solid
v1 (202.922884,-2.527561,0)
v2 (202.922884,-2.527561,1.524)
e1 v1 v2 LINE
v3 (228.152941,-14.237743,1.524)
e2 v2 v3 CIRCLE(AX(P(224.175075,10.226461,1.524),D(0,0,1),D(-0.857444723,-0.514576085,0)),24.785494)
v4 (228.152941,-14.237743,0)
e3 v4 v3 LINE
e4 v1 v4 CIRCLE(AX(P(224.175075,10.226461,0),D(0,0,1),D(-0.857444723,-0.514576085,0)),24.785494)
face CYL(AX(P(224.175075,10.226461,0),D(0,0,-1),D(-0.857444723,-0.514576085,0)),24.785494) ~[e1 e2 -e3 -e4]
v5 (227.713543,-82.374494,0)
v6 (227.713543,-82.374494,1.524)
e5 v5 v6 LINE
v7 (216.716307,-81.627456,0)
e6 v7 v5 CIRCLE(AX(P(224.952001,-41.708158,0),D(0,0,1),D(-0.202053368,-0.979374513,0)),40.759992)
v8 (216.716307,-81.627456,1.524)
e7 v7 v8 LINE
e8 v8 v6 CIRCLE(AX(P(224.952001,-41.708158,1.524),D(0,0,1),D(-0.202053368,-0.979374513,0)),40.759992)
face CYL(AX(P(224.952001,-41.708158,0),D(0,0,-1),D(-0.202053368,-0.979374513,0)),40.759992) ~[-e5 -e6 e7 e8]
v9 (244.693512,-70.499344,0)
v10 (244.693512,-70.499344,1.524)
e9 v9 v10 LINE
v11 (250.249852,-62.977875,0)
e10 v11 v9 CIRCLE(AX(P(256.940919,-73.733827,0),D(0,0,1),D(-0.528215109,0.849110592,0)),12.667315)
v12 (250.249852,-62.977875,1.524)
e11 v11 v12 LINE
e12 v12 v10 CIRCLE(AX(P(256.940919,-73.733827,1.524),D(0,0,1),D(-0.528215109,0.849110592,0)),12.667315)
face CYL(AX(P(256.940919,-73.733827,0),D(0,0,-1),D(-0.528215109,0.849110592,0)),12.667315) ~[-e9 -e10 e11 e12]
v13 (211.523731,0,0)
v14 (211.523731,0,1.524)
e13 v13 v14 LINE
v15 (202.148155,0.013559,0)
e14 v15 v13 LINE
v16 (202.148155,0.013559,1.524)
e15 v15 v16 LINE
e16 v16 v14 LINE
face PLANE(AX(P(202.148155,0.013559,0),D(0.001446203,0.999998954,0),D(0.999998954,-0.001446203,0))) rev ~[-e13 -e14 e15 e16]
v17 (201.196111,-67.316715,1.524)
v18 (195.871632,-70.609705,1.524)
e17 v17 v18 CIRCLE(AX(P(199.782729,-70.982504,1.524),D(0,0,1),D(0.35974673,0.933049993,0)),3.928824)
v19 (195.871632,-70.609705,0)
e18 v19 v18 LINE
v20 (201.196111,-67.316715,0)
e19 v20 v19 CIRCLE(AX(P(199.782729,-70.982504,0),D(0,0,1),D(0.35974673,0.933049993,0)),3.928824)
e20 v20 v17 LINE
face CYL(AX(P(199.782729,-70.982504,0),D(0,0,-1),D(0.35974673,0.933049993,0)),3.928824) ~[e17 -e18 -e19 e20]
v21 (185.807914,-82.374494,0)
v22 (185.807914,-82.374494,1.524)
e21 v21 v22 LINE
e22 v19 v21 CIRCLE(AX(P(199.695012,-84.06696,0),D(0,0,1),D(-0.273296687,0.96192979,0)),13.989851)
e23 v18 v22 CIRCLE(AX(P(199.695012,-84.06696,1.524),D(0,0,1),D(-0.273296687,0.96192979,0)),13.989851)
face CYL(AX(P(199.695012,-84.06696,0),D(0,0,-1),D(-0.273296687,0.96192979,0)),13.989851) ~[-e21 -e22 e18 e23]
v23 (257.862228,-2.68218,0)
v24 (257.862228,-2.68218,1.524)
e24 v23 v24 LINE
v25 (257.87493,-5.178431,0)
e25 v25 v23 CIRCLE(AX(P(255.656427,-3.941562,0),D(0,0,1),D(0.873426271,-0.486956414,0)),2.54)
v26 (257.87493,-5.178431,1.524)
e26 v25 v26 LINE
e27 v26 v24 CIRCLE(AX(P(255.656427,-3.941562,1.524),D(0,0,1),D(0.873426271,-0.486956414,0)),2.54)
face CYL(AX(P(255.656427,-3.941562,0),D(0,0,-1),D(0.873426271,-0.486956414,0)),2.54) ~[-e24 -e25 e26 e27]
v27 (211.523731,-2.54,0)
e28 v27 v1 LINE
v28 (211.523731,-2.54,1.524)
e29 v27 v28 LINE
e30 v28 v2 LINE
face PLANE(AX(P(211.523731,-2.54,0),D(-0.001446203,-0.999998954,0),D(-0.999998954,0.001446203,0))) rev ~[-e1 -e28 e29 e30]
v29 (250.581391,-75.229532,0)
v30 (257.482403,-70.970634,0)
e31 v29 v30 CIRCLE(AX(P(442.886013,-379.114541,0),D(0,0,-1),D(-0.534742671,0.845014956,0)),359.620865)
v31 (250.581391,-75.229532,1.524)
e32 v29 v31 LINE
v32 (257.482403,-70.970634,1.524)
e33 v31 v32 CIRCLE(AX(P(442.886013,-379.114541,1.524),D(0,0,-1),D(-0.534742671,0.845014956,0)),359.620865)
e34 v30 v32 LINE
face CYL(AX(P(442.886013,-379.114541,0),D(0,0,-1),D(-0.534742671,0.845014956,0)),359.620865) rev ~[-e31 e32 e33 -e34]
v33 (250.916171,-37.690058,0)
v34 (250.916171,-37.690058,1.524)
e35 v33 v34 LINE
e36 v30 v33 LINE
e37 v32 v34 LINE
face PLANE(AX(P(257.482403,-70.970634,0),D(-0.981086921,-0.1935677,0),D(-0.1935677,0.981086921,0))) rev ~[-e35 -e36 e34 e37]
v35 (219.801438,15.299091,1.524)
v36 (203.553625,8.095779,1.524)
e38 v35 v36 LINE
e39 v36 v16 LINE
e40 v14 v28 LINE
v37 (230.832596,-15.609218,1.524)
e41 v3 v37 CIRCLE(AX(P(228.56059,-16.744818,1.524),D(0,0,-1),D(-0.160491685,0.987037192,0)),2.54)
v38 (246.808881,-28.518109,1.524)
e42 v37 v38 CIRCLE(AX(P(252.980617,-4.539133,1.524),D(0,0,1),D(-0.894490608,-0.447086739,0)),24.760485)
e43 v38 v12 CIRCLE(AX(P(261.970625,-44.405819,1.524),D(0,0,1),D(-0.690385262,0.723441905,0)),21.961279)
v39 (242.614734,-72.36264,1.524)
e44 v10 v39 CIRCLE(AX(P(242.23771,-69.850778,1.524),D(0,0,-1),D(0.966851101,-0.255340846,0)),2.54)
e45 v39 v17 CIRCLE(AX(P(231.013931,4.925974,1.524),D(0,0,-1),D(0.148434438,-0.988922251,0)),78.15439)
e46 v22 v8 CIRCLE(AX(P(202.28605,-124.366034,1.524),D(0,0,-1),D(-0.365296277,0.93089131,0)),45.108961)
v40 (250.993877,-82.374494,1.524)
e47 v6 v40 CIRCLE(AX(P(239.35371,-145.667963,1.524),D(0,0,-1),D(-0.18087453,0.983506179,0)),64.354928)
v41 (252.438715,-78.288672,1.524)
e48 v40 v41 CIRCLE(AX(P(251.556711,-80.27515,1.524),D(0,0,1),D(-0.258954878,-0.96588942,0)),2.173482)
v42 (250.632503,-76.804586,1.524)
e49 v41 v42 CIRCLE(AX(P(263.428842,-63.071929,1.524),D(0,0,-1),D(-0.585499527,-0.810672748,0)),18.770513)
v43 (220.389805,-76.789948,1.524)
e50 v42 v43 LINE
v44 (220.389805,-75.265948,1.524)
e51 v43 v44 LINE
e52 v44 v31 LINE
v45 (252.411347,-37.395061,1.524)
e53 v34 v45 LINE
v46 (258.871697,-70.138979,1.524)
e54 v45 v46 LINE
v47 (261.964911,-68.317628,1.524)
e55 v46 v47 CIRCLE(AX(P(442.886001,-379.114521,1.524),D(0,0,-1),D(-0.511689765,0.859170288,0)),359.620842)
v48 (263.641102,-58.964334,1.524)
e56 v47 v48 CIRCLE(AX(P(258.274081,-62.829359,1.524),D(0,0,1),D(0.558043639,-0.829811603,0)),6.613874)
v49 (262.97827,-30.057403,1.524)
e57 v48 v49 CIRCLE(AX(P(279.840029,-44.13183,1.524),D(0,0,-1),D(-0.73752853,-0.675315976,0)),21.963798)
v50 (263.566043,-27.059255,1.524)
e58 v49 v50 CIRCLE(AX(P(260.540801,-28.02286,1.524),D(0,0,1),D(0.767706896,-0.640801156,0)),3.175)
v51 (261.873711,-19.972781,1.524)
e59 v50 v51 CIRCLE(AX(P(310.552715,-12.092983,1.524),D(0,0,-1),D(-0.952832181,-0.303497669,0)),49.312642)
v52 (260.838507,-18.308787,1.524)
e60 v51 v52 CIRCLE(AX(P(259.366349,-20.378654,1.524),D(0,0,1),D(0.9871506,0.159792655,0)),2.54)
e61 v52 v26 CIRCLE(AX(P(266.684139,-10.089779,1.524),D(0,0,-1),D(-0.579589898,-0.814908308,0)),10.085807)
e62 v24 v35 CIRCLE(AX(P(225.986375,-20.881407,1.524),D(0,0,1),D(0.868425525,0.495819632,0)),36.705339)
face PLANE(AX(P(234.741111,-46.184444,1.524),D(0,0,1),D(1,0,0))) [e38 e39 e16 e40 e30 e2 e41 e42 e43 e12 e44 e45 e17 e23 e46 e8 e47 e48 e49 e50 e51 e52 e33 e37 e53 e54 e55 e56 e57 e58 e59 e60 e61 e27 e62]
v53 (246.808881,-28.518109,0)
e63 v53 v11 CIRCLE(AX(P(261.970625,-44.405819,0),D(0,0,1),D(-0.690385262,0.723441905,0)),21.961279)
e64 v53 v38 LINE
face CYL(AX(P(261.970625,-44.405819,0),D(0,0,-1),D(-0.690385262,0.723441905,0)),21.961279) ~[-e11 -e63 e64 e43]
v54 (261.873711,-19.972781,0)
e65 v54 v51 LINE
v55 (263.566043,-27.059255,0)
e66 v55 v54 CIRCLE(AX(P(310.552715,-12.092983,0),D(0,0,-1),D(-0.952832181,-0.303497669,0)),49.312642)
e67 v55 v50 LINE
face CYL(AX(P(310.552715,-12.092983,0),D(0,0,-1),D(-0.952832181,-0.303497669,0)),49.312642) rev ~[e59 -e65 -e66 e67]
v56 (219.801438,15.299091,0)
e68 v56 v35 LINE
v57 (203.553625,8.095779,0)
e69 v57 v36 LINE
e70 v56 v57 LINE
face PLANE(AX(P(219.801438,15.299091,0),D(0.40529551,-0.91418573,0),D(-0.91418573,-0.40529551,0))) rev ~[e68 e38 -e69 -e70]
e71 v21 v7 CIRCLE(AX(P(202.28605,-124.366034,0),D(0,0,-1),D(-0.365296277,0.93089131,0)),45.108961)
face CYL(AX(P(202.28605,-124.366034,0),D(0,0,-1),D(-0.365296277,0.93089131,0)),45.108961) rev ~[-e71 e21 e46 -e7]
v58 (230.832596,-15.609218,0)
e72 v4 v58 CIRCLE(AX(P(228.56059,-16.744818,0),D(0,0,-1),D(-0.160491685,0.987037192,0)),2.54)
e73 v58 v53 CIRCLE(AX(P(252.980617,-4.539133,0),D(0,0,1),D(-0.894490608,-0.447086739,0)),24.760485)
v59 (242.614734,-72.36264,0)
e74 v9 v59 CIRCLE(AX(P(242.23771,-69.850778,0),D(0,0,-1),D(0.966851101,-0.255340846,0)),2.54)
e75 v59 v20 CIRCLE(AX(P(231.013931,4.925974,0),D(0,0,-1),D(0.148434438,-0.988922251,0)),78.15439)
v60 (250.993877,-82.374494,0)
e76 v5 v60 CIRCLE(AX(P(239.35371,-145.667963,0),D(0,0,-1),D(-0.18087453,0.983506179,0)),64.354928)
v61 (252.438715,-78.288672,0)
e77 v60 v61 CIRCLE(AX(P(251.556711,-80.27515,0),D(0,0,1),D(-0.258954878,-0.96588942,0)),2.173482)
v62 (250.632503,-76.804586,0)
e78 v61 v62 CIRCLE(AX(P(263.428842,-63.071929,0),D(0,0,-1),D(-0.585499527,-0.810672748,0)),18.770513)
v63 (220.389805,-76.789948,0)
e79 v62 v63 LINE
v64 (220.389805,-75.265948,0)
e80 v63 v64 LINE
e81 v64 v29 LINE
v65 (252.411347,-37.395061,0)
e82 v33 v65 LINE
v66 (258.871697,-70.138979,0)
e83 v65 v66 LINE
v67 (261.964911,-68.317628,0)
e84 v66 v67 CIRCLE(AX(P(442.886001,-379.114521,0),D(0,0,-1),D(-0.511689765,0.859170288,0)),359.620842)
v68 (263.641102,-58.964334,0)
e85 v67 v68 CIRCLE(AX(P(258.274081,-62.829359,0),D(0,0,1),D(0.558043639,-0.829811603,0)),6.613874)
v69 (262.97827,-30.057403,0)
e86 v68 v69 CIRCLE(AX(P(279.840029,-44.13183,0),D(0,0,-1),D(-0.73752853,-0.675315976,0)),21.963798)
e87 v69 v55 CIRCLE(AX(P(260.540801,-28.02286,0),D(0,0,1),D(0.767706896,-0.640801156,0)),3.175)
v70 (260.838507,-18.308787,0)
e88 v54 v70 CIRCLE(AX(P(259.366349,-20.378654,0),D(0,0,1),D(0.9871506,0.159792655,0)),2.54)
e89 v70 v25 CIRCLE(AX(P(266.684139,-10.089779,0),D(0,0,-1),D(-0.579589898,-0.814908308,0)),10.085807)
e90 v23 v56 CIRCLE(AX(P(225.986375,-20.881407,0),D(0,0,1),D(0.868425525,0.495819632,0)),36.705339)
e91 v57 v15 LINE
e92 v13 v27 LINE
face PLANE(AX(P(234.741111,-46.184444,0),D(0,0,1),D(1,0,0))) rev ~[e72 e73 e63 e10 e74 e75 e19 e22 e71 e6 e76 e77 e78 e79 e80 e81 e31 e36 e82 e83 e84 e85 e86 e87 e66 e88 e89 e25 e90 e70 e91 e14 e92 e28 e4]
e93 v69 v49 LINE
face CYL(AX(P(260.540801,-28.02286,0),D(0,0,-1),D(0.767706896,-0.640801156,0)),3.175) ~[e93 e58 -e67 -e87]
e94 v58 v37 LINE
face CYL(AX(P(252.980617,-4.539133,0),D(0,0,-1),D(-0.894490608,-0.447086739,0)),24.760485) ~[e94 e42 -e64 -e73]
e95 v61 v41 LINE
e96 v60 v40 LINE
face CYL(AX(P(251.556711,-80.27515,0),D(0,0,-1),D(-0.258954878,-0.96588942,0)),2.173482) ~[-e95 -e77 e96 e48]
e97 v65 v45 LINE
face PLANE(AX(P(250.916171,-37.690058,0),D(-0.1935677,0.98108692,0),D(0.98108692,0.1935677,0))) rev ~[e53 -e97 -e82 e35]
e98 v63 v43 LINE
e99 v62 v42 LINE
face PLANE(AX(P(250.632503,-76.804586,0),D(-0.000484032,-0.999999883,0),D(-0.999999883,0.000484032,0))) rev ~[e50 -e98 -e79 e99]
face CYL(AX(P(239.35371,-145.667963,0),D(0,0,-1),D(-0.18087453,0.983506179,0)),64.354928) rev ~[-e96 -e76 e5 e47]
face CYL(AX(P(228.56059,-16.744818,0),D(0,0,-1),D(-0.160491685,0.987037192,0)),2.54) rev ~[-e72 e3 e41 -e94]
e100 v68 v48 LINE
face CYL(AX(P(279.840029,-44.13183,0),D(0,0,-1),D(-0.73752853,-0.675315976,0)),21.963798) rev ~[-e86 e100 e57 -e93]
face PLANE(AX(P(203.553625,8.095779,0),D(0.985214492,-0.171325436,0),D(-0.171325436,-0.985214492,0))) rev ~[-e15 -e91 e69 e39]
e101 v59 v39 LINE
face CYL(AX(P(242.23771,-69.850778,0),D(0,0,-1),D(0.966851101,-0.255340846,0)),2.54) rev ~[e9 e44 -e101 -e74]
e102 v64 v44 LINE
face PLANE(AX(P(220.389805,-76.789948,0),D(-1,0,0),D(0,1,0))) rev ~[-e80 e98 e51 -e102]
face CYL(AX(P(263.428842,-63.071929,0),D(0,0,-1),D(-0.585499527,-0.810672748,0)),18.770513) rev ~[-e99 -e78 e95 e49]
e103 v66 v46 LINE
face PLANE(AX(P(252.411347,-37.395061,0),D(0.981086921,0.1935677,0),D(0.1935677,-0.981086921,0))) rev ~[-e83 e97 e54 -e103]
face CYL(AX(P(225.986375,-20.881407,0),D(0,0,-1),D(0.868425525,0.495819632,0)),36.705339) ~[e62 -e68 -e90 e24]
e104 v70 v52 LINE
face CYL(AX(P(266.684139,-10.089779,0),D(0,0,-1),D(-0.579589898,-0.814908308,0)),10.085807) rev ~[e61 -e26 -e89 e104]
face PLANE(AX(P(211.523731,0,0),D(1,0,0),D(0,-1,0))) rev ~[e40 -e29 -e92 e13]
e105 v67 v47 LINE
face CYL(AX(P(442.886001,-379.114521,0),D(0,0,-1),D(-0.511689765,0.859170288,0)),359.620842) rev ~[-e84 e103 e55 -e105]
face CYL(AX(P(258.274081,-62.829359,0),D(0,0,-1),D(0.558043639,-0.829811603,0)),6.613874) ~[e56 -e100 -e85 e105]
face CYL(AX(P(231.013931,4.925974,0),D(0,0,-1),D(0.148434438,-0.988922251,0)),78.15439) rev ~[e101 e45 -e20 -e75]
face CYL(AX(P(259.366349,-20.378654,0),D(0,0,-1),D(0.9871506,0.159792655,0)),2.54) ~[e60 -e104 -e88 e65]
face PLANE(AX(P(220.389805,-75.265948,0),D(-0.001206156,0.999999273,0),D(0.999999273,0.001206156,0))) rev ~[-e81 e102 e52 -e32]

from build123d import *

# Parameters (mm, degrees)
BOSS_EXTRUDE1_DEPTH = 1.524


with BuildPart() as part:
    # Sketch1 → Boss-Extrude1 (new body)
    with BuildSketch(Plane.XY):
        with BuildLine():
            Line((211.523731391, 0), (211.523731391, -2.54))
            Line((211.523731391, -2.54), (202.922883793, -2.527561419))
            ThreePointArc((202.922883793, -2.527561419), (213.740389033, -12.255488314), (228.152940708, -14.237743463))
            ThreePointArc((228.152940708, -14.237743463), (229.717824369, -14.48375454), (230.832595731, -15.609217614))
            ThreePointArc((230.832595731, -15.609217614), (237.419060845, -23.79840587), (246.808881255, -28.518109213))
            ThreePointArc((246.808881255, -28.518109213), (240.118021125, -46.587905071), (250.249852394, -62.977875381))
            ThreePointArc((250.249852394, -62.977875381), (246.752221114, -66.207121421), (244.693512184, -70.499343702))
            ThreePointArc((244.693512184, -70.499343702), (243.933055031, -71.742181277), (242.614733859, -72.362640469))
            ThreePointArc((242.614733859, -72.362640469), (221.562461662, -72.654811524), (201.196110579, -67.316715223))
            ThreePointArc((201.196110579, -67.316715223), (197.716188185, -67.641087637), (195.87163248, -70.609705427))
            ThreePointArc((195.87163248, -70.609705427), (189.064028536, -74.973109583), (185.80791446, -82.374493805))
            ThreePointArc((185.80791446, -82.374493805), (201.196110579, -79.270242267), (216.71630717, -81.627455706))
            ThreePointArc((216.71630717, -81.627455706), (222.189556026, -82.374432464), (227.713542567, -82.374493805))
            ThreePointArc((227.713542567, -82.374493805), (239.353709896, -81.313035156), (250.993877225, -82.374493805))
            ThreePointArc((250.993877225, -82.374493805), (253.605845534, -80.999769877), (252.438715023, -78.288672185))
            ThreePointArc((252.438715023, -78.288672185), (251.512482649, -77.574775104), (250.632502883, -76.804586124))
            Line((250.632502883, -76.804586124), (220.3898048, -76.789947691))
            Line((220.3898048, -76.789947691), (220.3898048, -75.265947691))
            Line((220.3898048, -75.265947691), (250.581391322, -75.229531899))
            ThreePointArc((250.581391322, -75.229531899), (254.019892125, -73.080630034), (257.482403047, -70.97063356))
            Line((257.482403047, -70.97063356), (250.916170957, -37.690058187))
            Line((250.916170957, -37.690058187), (252.411347424, -37.395061012))
            Line((252.411347424, -37.395061012), (258.871697415, -70.138978964))
            ThreePointArc((258.871697415, -70.138978964), (260.416031898, -69.224443913), (261.964911432, -68.317627754))
            ThreePointArc((261.964911432, -68.317627754), (264.784241837, -63.996035266), (263.641101809, -58.964334117))
            ThreePointArc((263.641101809, -58.964334117), (257.882003246, -44.635324676), (262.978270283, -30.057403353))
            ThreePointArc((262.978270283, -30.057403353), (263.656491571, -28.633675993), (263.566043061, -27.059254582))
            ThreePointArc((263.566043061, -27.059254582), (262.588823269, -23.547314792), (261.873711132, -19.972780664))
            ThreePointArc((261.873711132, -19.972780664), (261.52305104, -19.036925788), (260.838506947, -18.308786906))
            ThreePointArc((260.838506947, -18.308786906), (256.845813142, -12.310330809), (257.874930037, -5.178430798))
            ThreePointArc((257.874930037, -5.178430798), (258.196394426, -3.928637169), (257.862228141, -2.682179643))
            ThreePointArc((257.862228141, -2.682179643), (241.665574941, 12.306611524), (219.801437593, 15.299091023))
            Line((219.801437593, 15.299091023), (203.553625304, 8.095778667))
            Line((203.553625304, 8.095778667), (202.1481549, 0.013558997))
            Line((202.1481549, 0.013558997), (211.523731391, 0))
        make_face()
    extrude(amount=BOSS_EXTRUDE1_DEPTH)


solid = part.part
